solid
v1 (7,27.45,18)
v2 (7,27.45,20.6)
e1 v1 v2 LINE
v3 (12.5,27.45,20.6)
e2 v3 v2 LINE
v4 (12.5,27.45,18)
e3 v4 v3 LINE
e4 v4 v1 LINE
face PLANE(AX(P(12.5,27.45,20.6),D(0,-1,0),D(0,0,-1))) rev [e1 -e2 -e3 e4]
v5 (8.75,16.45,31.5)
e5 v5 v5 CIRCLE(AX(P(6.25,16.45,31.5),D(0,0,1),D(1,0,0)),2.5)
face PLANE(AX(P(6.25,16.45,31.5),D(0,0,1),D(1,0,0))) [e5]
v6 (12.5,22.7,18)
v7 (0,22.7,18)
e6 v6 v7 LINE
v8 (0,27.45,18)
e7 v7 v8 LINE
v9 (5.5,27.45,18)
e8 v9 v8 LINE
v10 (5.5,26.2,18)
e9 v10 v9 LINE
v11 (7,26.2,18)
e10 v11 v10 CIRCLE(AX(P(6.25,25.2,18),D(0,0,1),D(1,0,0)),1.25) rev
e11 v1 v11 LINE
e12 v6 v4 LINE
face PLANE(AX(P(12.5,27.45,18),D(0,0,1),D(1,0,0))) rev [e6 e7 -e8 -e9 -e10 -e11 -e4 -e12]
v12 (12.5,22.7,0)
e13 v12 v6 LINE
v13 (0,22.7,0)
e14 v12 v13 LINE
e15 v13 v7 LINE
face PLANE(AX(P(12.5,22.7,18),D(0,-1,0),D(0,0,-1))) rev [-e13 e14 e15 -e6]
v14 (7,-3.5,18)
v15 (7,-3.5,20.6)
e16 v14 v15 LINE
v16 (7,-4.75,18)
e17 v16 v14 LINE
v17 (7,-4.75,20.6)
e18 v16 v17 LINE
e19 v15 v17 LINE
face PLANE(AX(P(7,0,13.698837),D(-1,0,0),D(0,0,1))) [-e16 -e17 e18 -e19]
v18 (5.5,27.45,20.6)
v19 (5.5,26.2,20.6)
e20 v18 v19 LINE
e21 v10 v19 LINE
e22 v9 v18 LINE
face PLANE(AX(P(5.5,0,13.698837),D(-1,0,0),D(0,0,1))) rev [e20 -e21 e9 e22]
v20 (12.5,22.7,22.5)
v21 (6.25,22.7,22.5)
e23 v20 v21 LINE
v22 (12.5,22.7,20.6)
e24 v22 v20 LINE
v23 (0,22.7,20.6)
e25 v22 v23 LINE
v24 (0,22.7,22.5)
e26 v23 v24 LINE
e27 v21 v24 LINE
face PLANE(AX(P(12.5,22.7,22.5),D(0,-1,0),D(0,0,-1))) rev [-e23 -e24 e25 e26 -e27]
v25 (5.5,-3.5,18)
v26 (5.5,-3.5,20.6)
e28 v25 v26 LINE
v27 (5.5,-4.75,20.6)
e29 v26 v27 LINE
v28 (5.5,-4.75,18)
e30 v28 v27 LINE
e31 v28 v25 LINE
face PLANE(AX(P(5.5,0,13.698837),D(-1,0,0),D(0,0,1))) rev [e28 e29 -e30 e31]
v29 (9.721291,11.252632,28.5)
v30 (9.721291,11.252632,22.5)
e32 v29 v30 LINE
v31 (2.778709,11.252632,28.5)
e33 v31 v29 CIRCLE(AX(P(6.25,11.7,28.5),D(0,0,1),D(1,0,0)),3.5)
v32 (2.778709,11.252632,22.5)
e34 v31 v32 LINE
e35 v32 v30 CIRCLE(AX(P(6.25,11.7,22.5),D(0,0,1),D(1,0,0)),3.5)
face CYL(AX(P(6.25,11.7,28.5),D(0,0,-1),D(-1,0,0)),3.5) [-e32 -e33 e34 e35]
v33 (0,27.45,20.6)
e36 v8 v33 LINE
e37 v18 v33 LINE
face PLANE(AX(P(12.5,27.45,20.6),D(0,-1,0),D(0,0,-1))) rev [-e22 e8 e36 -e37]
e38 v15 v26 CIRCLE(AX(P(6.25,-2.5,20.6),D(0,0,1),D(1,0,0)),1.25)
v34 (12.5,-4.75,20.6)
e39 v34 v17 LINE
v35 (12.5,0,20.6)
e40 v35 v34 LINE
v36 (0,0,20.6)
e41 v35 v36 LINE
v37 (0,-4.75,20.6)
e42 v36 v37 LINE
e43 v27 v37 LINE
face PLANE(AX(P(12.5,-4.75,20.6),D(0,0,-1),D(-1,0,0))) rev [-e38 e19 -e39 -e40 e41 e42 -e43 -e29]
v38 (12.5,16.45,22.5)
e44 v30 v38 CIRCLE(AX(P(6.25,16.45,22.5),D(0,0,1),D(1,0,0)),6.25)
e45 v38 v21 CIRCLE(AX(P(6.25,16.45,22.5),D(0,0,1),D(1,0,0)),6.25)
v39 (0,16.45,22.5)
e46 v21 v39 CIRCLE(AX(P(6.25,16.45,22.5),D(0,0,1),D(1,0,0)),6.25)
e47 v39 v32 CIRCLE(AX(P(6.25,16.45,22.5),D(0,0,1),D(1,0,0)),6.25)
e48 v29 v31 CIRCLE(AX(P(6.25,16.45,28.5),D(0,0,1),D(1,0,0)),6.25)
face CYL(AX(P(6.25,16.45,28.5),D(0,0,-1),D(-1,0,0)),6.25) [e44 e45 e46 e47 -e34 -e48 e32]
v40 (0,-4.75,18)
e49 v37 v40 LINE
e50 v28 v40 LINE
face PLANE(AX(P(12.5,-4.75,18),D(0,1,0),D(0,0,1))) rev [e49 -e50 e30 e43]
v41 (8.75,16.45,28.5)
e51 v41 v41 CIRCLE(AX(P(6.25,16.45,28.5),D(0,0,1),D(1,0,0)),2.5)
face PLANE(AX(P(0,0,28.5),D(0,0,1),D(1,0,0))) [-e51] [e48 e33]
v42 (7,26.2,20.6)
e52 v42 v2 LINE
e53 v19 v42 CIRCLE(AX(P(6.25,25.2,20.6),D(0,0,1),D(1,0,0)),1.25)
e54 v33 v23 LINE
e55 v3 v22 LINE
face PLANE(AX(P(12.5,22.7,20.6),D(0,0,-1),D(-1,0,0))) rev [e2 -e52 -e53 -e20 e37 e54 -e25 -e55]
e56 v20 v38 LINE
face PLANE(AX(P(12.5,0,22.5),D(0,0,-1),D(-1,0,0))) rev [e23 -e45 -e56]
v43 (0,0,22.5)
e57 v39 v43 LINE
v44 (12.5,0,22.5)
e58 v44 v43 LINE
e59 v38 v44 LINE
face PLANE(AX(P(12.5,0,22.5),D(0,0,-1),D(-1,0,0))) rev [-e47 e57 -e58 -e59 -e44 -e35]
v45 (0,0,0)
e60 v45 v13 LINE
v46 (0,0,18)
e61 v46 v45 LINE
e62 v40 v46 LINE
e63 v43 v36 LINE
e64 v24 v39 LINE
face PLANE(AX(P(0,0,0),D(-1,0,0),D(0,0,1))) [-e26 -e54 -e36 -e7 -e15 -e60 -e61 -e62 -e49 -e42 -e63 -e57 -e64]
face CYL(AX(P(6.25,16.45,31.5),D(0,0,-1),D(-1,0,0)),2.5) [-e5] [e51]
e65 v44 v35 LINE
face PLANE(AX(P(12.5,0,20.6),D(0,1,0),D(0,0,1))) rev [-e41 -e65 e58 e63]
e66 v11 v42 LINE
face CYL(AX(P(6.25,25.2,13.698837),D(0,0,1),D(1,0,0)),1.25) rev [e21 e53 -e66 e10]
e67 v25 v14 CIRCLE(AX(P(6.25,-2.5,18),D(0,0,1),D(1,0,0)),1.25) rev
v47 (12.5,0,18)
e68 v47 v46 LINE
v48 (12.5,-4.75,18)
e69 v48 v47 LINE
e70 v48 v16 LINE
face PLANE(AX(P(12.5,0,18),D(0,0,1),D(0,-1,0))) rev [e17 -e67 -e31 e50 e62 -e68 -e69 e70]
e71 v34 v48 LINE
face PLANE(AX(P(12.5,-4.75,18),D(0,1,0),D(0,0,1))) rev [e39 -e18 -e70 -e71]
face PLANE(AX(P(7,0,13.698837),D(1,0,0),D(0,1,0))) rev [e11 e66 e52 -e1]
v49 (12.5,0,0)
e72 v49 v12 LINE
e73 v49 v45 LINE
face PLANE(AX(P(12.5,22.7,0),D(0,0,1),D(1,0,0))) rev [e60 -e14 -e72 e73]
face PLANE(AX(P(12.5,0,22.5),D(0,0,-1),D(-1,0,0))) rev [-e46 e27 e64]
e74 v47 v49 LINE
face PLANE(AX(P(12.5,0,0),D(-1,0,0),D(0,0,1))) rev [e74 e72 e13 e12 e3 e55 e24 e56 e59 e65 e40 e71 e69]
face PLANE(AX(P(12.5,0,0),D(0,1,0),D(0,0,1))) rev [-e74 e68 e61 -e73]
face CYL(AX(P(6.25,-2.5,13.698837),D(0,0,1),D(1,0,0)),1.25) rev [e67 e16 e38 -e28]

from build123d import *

# Parameters (mm, degrees)
BOSS_EXTRUDE1_DEPTH = 12.5
BOSS_EXTRUDE2_DEPTH = 6
SKETCH4_R           = 2.5
BOSS_EXTRUDE3_DEPTH = 3
SKETCH5_R           = 1.25
CUT_EXTRUDE1_DEPTH  = 2.6


with BuildPart() as part:
    # Sketch2 → Boss-Extrude1 (new body)
    with BuildSketch(Plane.YZ):
        Polygon((0, 0), (0, 18), (-4.75, 18), (-4.75, 20.6), (0, 20.6), (0, 22.5), (22.7, 22.5), (22.7, 20.6), (27.45, 20.6), (27.45, 18), (22.7, 18), (22.7, 0), align=None)
    extrude(amount=BOSS_EXTRUDE1_DEPTH)

    # Sketch3 → Boss-Extrude2 (add)
    with BuildSketch(Plane.XY.offset(22.5)):
        with BuildLine():
            ThreePointArc((2.778708958, 11.252631579), (3.938700525, 9.071712585), (6.25, 8.2))
            Line((6.25, 8.2), (6.25, 10.2))
            ThreePointArc((6.25, 10.2), (4.436309375, 10.468944381), (2.778708958, 11.252631579))
        make_face()
        with BuildLine():
            Line((6.25, 10.2), (6.25, 8.2))
            ThreePointArc((6.25, 8.2), (8.561299475, 9.071712585), (9.721291042, 11.252631579))
            ThreePointArc((9.721291042, 11.252631579), (8.063690625, 10.468944381), (6.25, 10.2))
        make_face()
        with BuildLine():
            ThreePointArc((2.778708958, 11.252631579), (4.436309375, 10.468944381), (6.25, 10.2))
            Line((6.25, 10.2), (6.25, 15.2))
            ThreePointArc((6.25, 15.2), (3.621712585, 14.011299475), (2.778708958, 11.252631579))
        make_face()
        with BuildLine():
            Line((6.25, 15.2), (6.25, 10.2))
            ThreePointArc((6.25, 10.2), (8.063690625, 10.468944381), (9.721291042, 11.252631579))
            ThreePointArc((9.721291042, 11.252631579), (9.742815386, 11.475855678), (9.75, 11.7))
            ThreePointArc((9.75, 11.7), (8.724873734, 14.174873734), (6.25, 15.2))
        make_face()
        with BuildLine():
            ThreePointArc((6.25, 22.7), (0.268944381, 18.263690625), (2.778708958, 11.252631579))
            ThreePointArc((2.778708958, 11.252631579), (3.621712585, 14.011299475), (6.25, 15.2))
            Line((6.25, 15.2), (6.25, 22.7))
        make_face()
        with BuildLine():
            ThreePointArc((9.75, 11.7), (9.742815386, 11.475855678), (9.721291042, 11.252631579))
            ThreePointArc((9.721291042, 11.252631579), (11.761717927, 13.503227953), (12.5, 16.45))
            ThreePointArc((12.5, 16.45), (10.669417382, 20.869417382), (6.25, 22.7))
            Line((6.25, 22.7), (6.25, 15.2))
            ThreePointArc((6.25, 15.2), (8.724873734, 14.174873734), (9.75, 11.7))
        make_face()
    extrude(amount=BOSS_EXTRUDE2_DEPTH)

    # Sketch4 → Boss-Extrude3 (add)
    with BuildSketch(Plane.XY.offset(28.5)):
        with Locations((6.25, 16.45)):
            Circle(SKETCH4_R)
    extrude(amount=BOSS_EXTRUDE3_DEPTH)

    # Sketch5 → Cut-Extrude1 (cut)
    with BuildSketch(Plane.XY.offset(20.6)):
        with BuildLine():
            Line((7, 27.45), (5.5, 27.45))
            Line((5.5, 27.45), (5.5, 26.2))
            ThreePointArc((5.5, 26.2), (6.25, 26.45), (7, 26.2))
            Line((7, 26.2), (7, 27.45))
        make_face()
        with Locations((6.25, 25.2)):
            Circle(SKETCH5_R)
        with BuildLine():
            ThreePointArc((7, -3.5), (6.25, -3.75), (5.5, -3.5))
            Line((5.5, -3.5), (5.5, -4.75))
            Line((5.5, -4.75), (7, -4.75))
            Line((7, -4.75), (7, -3.5))
        make_face()
        with Locations((6.25, -2.5)):
            Circle(SKETCH5_R)
    extrude(amount=-CUT_EXTRUDE1_DEPTH, mode=Mode.SUBTRACT)


solid = part.part
